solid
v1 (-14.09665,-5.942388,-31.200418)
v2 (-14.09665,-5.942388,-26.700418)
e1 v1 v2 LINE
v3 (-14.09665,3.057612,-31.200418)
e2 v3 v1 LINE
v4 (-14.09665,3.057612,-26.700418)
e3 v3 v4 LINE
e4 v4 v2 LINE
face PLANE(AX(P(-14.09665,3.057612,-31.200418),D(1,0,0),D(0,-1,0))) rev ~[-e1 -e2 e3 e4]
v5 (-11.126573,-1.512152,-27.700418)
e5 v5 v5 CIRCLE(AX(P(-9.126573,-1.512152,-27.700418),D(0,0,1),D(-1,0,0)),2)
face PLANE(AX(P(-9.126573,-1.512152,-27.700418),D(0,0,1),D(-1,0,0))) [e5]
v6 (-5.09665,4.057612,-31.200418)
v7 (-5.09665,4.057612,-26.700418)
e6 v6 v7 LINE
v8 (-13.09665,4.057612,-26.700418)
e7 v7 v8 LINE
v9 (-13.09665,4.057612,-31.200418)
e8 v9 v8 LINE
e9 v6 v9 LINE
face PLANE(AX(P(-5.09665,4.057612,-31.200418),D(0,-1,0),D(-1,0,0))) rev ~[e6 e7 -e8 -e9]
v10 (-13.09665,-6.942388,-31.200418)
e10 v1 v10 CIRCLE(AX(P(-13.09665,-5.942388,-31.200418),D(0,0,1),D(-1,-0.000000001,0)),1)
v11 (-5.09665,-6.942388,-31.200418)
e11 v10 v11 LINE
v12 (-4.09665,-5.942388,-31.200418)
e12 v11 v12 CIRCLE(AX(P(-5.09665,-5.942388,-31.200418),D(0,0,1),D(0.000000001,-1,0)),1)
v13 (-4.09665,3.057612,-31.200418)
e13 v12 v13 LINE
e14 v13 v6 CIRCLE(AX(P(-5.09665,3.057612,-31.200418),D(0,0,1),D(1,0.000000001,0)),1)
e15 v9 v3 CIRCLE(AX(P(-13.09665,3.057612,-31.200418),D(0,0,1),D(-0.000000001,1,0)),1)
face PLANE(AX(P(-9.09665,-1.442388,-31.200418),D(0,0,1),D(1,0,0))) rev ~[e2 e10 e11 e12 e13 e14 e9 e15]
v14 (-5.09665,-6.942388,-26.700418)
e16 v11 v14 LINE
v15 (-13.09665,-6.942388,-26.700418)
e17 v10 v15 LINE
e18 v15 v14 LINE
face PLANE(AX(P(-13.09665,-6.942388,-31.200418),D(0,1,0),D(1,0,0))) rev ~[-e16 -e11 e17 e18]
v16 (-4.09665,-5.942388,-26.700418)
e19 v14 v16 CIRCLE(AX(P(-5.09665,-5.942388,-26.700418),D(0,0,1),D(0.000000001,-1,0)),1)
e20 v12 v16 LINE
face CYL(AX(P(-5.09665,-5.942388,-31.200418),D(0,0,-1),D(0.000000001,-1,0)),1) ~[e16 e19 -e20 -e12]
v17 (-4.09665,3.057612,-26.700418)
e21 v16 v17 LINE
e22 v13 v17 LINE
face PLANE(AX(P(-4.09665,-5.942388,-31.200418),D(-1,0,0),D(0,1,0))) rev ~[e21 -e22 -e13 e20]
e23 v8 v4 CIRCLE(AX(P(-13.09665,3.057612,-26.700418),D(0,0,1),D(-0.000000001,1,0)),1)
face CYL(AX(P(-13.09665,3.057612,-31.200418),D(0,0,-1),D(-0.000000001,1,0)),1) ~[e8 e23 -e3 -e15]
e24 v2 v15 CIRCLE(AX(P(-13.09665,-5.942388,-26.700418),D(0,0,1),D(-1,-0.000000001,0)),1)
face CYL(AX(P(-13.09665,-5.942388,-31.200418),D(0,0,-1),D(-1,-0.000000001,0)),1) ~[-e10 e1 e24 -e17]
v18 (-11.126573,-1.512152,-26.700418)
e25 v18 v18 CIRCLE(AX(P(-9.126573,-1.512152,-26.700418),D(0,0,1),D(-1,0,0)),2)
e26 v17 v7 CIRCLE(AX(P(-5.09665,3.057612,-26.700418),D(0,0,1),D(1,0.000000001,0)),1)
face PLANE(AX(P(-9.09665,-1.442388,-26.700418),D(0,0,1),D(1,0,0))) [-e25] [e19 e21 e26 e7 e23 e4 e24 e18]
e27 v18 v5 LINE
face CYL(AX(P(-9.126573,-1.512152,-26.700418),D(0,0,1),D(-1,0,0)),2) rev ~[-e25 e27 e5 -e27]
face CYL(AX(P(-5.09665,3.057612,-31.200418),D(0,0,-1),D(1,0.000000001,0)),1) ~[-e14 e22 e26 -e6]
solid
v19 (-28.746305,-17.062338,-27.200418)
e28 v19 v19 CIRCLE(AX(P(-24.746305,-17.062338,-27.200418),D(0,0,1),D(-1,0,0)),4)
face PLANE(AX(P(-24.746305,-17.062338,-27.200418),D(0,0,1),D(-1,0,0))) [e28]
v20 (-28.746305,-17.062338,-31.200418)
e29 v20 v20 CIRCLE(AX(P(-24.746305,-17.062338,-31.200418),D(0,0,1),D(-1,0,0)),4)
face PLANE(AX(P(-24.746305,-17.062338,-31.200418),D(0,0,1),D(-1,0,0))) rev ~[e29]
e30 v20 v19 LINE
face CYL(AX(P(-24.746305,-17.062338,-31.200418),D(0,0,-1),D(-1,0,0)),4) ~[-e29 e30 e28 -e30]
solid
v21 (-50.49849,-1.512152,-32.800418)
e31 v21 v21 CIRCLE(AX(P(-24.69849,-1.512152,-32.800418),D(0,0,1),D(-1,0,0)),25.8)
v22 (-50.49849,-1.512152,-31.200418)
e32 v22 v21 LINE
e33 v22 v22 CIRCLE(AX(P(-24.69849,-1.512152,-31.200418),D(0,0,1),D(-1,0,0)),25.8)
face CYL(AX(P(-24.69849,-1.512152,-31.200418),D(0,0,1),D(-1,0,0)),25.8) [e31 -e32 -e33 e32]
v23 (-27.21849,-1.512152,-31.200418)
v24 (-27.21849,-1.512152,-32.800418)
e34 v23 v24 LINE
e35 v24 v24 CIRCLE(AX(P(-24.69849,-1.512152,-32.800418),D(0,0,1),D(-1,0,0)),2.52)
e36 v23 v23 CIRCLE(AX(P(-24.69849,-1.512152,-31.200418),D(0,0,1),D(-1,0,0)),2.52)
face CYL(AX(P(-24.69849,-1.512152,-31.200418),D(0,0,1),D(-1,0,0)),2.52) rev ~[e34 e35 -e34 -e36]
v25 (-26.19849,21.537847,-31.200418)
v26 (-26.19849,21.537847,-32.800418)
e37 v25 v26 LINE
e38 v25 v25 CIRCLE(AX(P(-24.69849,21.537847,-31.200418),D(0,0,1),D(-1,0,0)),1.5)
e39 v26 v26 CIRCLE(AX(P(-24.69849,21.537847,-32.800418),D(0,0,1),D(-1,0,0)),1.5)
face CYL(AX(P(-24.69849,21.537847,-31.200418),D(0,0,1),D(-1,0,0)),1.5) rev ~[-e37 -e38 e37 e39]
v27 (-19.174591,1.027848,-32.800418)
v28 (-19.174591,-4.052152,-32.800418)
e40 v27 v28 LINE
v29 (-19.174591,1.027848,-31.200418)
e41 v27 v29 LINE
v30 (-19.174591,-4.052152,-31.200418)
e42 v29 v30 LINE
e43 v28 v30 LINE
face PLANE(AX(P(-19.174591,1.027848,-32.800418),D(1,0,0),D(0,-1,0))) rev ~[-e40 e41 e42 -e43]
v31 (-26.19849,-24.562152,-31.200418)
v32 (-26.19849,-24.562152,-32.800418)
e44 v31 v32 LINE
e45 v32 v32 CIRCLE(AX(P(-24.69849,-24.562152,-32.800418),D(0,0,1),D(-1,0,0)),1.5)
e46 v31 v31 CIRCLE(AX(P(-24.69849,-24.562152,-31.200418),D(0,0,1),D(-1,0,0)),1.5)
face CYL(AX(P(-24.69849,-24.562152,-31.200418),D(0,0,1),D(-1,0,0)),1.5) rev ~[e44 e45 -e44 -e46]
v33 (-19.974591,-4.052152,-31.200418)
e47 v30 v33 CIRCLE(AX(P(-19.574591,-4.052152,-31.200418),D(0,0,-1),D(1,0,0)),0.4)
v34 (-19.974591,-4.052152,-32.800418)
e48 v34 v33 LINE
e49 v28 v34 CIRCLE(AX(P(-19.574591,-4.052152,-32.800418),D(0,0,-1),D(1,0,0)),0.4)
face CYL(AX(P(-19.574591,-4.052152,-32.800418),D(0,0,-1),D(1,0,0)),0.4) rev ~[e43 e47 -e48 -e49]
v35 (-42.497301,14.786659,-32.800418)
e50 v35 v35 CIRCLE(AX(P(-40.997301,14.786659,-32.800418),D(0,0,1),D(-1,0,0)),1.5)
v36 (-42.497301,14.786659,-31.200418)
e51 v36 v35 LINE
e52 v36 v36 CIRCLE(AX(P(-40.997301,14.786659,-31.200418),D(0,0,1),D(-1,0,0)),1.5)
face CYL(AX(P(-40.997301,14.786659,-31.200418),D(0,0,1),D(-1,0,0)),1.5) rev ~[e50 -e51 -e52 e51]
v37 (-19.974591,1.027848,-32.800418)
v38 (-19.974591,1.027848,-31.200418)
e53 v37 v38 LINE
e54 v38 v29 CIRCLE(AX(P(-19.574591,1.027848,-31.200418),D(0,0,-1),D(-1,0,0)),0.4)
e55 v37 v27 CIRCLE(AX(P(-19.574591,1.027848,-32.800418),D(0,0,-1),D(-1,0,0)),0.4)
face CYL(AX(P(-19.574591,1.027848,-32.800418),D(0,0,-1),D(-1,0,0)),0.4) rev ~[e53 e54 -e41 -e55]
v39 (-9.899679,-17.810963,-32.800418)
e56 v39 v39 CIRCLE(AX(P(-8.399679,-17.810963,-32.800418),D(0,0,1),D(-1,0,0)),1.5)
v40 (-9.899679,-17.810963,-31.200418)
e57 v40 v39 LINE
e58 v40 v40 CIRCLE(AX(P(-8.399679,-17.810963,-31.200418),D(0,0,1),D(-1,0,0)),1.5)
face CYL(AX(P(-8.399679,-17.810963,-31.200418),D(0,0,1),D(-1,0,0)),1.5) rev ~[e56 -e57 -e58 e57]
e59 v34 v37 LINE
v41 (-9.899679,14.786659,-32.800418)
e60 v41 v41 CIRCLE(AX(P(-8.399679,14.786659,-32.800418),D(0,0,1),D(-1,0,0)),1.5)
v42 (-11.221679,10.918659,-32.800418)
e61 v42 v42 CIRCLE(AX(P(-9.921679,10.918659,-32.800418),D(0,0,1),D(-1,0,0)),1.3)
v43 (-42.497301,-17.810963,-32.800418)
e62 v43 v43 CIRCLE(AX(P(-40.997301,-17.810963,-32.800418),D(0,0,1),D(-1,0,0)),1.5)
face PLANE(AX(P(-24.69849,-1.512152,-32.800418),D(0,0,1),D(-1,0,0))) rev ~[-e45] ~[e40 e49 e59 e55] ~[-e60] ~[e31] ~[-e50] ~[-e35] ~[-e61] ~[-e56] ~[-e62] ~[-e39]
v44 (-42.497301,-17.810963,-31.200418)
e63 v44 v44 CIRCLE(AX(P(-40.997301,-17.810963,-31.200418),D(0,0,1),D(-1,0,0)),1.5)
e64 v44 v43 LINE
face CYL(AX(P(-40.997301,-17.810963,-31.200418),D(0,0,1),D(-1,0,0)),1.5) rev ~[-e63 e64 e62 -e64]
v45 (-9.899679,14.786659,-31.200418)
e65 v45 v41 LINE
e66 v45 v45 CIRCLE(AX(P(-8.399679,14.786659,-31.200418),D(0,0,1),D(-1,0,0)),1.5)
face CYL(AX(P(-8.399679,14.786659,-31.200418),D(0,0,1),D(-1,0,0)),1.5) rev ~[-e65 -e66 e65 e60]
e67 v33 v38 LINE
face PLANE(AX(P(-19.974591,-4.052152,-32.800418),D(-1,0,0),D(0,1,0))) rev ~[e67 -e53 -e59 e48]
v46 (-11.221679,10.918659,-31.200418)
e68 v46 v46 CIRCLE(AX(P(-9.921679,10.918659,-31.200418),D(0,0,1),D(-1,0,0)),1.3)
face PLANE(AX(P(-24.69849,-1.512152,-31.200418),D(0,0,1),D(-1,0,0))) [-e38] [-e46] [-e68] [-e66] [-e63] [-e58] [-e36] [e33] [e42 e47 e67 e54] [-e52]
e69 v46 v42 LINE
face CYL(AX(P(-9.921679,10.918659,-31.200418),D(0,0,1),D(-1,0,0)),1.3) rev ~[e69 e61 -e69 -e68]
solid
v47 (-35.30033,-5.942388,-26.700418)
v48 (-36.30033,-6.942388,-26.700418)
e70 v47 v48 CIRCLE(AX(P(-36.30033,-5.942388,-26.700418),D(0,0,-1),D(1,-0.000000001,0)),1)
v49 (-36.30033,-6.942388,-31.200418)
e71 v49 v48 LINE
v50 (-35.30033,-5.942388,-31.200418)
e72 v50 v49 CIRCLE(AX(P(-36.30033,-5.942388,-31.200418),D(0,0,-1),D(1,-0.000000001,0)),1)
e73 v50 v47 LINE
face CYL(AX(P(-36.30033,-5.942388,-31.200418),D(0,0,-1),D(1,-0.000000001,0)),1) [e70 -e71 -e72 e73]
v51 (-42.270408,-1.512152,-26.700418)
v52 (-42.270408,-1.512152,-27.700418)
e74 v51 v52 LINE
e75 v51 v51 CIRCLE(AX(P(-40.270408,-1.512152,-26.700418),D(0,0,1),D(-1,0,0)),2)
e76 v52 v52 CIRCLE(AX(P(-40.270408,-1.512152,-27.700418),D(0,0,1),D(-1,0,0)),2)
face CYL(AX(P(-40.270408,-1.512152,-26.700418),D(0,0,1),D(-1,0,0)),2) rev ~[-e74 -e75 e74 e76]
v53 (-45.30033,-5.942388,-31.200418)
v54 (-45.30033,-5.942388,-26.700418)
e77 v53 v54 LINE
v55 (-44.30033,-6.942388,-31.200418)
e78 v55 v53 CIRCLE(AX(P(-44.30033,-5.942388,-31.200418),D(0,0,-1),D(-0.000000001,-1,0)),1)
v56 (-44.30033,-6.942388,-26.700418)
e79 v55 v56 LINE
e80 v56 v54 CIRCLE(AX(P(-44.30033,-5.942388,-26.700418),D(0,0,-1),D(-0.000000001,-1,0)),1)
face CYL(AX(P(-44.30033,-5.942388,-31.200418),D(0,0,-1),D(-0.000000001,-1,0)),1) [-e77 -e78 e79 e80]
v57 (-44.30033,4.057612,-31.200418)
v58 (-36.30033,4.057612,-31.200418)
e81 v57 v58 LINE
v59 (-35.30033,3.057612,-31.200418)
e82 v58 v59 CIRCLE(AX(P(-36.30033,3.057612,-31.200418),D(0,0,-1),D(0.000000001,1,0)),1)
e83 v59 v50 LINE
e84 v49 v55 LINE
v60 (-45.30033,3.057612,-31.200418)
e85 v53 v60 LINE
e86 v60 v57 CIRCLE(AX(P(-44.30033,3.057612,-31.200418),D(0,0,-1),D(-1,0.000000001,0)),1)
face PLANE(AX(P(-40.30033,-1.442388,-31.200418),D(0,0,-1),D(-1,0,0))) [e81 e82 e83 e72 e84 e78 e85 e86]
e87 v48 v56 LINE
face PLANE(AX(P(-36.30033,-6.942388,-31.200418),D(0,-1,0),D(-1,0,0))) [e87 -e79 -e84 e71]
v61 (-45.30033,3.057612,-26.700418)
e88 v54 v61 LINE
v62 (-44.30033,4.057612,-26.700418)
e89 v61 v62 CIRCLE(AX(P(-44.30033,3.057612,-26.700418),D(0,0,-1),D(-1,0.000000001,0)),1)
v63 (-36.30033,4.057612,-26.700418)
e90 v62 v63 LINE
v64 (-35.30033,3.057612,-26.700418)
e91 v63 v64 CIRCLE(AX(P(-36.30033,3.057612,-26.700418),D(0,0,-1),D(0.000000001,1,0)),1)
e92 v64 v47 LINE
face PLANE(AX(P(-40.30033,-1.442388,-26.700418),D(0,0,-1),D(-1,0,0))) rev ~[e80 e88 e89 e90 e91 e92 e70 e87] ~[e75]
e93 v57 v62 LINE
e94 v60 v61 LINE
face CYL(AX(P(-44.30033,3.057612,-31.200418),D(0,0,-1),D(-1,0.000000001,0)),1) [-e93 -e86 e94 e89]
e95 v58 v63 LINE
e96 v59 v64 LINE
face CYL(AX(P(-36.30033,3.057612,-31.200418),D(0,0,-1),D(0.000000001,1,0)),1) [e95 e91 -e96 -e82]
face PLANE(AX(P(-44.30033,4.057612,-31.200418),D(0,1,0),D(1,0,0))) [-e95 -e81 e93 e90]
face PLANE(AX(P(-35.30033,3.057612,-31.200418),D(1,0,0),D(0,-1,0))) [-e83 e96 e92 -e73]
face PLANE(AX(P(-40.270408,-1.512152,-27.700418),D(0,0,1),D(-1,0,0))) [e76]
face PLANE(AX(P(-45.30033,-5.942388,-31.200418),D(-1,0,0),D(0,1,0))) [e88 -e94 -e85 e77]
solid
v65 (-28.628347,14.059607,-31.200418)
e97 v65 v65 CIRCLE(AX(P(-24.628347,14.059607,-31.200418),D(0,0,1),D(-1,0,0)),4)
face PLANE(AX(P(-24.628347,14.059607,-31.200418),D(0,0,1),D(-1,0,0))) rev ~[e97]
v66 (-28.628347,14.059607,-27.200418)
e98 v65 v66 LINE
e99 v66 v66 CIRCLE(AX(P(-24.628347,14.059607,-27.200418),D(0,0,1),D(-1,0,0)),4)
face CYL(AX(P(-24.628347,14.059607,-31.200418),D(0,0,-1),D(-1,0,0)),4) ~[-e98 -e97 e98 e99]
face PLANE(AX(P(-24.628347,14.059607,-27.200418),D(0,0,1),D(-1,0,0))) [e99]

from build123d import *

# Parameters (mm, degrees)
EXTRUDE_START       = -31.200418
SKETCH_1_R          = 25.8
SKETCH_1_R_2        = 2.52
SKETCH_1_R_3        = 1.5
SKETCH_1_R_4        = 1.3
EXTRUDE_1_DEPTH     = 1.6
SKETCH_3_R          = 4
EXTRUDE_2_DEPTH     = 4
EXTRUDE_2_2_DEPTH   = 4
EXTRUDE_3_DEPTH     = 4.5
EXTRUDE_3_2_DEPTH   = 4.5
CUT_EXTRUDE_START   = -26.700418
SKETCH_5_R          = 2
CUT_EXTRUDE_1_DEPTH = 1
CUT_EXTRUDE_START_2 = -32.800418
CUT_EXTRUDE_2_DEPTH = 1.6


with BuildPart() as part:
    # 草图1 → 凸台-拉伸1 (new body)
    with BuildSketch(Plane.XY.offset(EXTRUDE_START)):
        with Locations(Location((-24.698490112, -1.512152456, 0), (0, 0, 180))):
            Circle(SKETCH_1_R)
        with Locations(Location((-24.698490112, -1.512152456, 0), (0, 0, 180))):
            Circle(SKETCH_1_R_2, mode=Mode.SUBTRACT)
        with Locations(Location((-24.698490112, 21.537847164, 0), (0, 0, 180))):
            Circle(SKETCH_1_R_3, mode=Mode.SUBTRACT)
        with Locations(Location((-40.997301149, 14.786658582, 0), (0, 0, 180))):
            Circle(SKETCH_1_R_3, mode=Mode.SUBTRACT)
        with Locations(Location((-40.997301149, -17.810963493, 0), (0, 0, 180))):
            Circle(SKETCH_1_R_3, mode=Mode.SUBTRACT)
        with Locations(Location((-24.698490112, -24.562152076, 0), (0, 0, 180))):
            Circle(SKETCH_1_R_3, mode=Mode.SUBTRACT)
        with Locations(Location((-8.399679074, -17.810963493, 0), (0, 0, 180))):
            Circle(SKETCH_1_R_3, mode=Mode.SUBTRACT)
        with Locations(Location((-8.399679074, 14.786658582, 0), (0, 0, 180))):
            Circle(SKETCH_1_R_3, mode=Mode.SUBTRACT)
        with Locations(Location((-9.921679074, 10.918658582, 0), (0, 0, 180))):
            Circle(SKETCH_1_R_4, mode=Mode.SUBTRACT)
    extrude(amount=-EXTRUDE_1_DEPTH)

    # 草图6 → 切除-拉伸2 (cut)
    with BuildSketch(Plane.XY.offset(CUT_EXTRUDE_START_2)):
        with BuildLine():
            Line((-19.174590627, 1.027847544), (-19.174590627, -4.052152456))
            ThreePointArc((-19.174590627, -4.052152456), (-19.574590627, -4.452152456), (-19.974590627, -4.052152456))
            Line((-19.974590627, -4.052152456), (-19.974590627, 1.027847544))
            ThreePointArc((-19.974590627, 1.027847544), (-19.574590627, 1.427847544), (-19.174590627, 1.027847544))
        make_face()
    extrude(amount=CUT_EXTRUDE_2_DEPTH, mode=Mode.SUBTRACT)


with BuildPart() as body_2:
    # 草图3 → 凸台-拉伸2 (new body)
    with BuildSketch(Plane.XY.offset(EXTRUDE_START)):
        with Locations(Location((-24.628347114, 14.059607135, 0), (0, 0, 180))):
            Circle(SKETCH_3_R)
    extrude(amount=EXTRUDE_2_DEPTH)


with BuildPart() as body_3:
    # 草图3 → Extrude 2 2 (new body)
    with BuildSketch(Plane.XY.offset(EXTRUDE_START)):
        with Locations(Location((-24.746304895, -17.062338322, 0), (0, 0, 180))):
            Circle(SKETCH_3_R)
    extrude(amount=EXTRUDE_2_2_DEPTH)


with BuildPart() as body_4:
    # 草图4 → 凸台-拉伸3 (new body)
    with BuildSketch(Plane.XY.offset(EXTRUDE_START)):
        with BuildLine():
            Line((-4.09665046, -1.442388212), (-4.09665046, 3.057611788))
            ThreePointArc((-4.09665046, 3.057611788), (-4.389543679, 3.764718569), (-5.09665046, 4.057611788))
            Line((-5.09665046, 4.057611788), (-13.09665046, 4.057611788))
            ThreePointArc((-13.09665046, 4.057611788), (-13.803757241, 3.764718569), (-14.09665046, 3.057611788))
            Line((-14.09665046, 3.057611788), (-14.09665046, -5.942388212))
            ThreePointArc((-14.09665046, -5.942388212), (-13.803757241, -6.649494993), (-13.09665046, -6.942388212))
            Line((-13.09665046, -6.942388212), (-5.09665046, -6.942388212))
            ThreePointArc((-5.09665046, -6.942388212), (-4.389543679, -6.649494993), (-4.09665046, -5.942388212))
            Line((-4.09665046, -5.942388212), (-4.09665046, -1.442388212))
        make_face()
    extrude(amount=EXTRUDE_3_DEPTH)


with BuildPart() as body_5:
    # 草图4 → Extrude 3 2 (new body)
    with BuildSketch(Plane.XY.offset(EXTRUDE_START)):
        with BuildLine():
            Line((-35.300329764, 3.057611788), (-35.300329764, -5.942388212))
            ThreePointArc((-35.300329764, -5.942388212), (-35.593222983, -6.649494993), (-36.300329764, -6.942388212))
            Line((-36.300329764, -6.942388212), (-44.300329764, -6.942388212))
            ThreePointArc((-44.300329764, -6.942388212), (-45.007436545, -6.649494993), (-45.300329764, -5.942388212))
            Line((-45.300329764, -5.942388212), (-45.300329764, -1.442388212))
            Line((-45.300329764, -1.442388212), (-45.300329764, 3.057611788))
            ThreePointArc((-45.300329764, 3.057611788), (-45.007436545, 3.764718569), (-44.300329764, 4.057611788))
            Line((-44.300329764, 4.057611788), (-36.300329764, 4.057611788))
            ThreePointArc((-36.300329764, 4.057611788), (-35.593222983, 3.764718569), (-35.300329764, 3.057611788))
        make_face()
    extrude(amount=EXTRUDE_3_2_DEPTH)


with BuildPart() as cut_extrude_1_tool:
    # 草图5 → 切除-拉伸1 (new body)
    with BuildSketch(Plane.XY.offset(CUT_EXTRUDE_START)):
        with Locations(Location((-9.126572542, -1.512152456, 0), (0, 0, 180))):
            Circle(SKETCH_5_R)
        with Locations(Location((-40.270407682, -1.512152456, 0), (0, 0, 180))):
            Circle(SKETCH_5_R)
    extrude(amount=-CUT_EXTRUDE_1_DEPTH)


with BuildPart() as body_4_1:
    add(body_4.part)

    # 切除-拉伸1: cut by cut_extrude_1_tool
    add(cut_extrude_1_tool.part, mode=Mode.SUBTRACT)


with BuildPart() as body_5_1:
    add(body_5.part)

    # 切除-拉伸1: cut by cut_extrude_1_tool
    add(cut_extrude_1_tool.part, mode=Mode.SUBTRACT)


solid = Compound([part.part, body_2.part, body_3.part, body_4_1.part, body_5_1.part])
